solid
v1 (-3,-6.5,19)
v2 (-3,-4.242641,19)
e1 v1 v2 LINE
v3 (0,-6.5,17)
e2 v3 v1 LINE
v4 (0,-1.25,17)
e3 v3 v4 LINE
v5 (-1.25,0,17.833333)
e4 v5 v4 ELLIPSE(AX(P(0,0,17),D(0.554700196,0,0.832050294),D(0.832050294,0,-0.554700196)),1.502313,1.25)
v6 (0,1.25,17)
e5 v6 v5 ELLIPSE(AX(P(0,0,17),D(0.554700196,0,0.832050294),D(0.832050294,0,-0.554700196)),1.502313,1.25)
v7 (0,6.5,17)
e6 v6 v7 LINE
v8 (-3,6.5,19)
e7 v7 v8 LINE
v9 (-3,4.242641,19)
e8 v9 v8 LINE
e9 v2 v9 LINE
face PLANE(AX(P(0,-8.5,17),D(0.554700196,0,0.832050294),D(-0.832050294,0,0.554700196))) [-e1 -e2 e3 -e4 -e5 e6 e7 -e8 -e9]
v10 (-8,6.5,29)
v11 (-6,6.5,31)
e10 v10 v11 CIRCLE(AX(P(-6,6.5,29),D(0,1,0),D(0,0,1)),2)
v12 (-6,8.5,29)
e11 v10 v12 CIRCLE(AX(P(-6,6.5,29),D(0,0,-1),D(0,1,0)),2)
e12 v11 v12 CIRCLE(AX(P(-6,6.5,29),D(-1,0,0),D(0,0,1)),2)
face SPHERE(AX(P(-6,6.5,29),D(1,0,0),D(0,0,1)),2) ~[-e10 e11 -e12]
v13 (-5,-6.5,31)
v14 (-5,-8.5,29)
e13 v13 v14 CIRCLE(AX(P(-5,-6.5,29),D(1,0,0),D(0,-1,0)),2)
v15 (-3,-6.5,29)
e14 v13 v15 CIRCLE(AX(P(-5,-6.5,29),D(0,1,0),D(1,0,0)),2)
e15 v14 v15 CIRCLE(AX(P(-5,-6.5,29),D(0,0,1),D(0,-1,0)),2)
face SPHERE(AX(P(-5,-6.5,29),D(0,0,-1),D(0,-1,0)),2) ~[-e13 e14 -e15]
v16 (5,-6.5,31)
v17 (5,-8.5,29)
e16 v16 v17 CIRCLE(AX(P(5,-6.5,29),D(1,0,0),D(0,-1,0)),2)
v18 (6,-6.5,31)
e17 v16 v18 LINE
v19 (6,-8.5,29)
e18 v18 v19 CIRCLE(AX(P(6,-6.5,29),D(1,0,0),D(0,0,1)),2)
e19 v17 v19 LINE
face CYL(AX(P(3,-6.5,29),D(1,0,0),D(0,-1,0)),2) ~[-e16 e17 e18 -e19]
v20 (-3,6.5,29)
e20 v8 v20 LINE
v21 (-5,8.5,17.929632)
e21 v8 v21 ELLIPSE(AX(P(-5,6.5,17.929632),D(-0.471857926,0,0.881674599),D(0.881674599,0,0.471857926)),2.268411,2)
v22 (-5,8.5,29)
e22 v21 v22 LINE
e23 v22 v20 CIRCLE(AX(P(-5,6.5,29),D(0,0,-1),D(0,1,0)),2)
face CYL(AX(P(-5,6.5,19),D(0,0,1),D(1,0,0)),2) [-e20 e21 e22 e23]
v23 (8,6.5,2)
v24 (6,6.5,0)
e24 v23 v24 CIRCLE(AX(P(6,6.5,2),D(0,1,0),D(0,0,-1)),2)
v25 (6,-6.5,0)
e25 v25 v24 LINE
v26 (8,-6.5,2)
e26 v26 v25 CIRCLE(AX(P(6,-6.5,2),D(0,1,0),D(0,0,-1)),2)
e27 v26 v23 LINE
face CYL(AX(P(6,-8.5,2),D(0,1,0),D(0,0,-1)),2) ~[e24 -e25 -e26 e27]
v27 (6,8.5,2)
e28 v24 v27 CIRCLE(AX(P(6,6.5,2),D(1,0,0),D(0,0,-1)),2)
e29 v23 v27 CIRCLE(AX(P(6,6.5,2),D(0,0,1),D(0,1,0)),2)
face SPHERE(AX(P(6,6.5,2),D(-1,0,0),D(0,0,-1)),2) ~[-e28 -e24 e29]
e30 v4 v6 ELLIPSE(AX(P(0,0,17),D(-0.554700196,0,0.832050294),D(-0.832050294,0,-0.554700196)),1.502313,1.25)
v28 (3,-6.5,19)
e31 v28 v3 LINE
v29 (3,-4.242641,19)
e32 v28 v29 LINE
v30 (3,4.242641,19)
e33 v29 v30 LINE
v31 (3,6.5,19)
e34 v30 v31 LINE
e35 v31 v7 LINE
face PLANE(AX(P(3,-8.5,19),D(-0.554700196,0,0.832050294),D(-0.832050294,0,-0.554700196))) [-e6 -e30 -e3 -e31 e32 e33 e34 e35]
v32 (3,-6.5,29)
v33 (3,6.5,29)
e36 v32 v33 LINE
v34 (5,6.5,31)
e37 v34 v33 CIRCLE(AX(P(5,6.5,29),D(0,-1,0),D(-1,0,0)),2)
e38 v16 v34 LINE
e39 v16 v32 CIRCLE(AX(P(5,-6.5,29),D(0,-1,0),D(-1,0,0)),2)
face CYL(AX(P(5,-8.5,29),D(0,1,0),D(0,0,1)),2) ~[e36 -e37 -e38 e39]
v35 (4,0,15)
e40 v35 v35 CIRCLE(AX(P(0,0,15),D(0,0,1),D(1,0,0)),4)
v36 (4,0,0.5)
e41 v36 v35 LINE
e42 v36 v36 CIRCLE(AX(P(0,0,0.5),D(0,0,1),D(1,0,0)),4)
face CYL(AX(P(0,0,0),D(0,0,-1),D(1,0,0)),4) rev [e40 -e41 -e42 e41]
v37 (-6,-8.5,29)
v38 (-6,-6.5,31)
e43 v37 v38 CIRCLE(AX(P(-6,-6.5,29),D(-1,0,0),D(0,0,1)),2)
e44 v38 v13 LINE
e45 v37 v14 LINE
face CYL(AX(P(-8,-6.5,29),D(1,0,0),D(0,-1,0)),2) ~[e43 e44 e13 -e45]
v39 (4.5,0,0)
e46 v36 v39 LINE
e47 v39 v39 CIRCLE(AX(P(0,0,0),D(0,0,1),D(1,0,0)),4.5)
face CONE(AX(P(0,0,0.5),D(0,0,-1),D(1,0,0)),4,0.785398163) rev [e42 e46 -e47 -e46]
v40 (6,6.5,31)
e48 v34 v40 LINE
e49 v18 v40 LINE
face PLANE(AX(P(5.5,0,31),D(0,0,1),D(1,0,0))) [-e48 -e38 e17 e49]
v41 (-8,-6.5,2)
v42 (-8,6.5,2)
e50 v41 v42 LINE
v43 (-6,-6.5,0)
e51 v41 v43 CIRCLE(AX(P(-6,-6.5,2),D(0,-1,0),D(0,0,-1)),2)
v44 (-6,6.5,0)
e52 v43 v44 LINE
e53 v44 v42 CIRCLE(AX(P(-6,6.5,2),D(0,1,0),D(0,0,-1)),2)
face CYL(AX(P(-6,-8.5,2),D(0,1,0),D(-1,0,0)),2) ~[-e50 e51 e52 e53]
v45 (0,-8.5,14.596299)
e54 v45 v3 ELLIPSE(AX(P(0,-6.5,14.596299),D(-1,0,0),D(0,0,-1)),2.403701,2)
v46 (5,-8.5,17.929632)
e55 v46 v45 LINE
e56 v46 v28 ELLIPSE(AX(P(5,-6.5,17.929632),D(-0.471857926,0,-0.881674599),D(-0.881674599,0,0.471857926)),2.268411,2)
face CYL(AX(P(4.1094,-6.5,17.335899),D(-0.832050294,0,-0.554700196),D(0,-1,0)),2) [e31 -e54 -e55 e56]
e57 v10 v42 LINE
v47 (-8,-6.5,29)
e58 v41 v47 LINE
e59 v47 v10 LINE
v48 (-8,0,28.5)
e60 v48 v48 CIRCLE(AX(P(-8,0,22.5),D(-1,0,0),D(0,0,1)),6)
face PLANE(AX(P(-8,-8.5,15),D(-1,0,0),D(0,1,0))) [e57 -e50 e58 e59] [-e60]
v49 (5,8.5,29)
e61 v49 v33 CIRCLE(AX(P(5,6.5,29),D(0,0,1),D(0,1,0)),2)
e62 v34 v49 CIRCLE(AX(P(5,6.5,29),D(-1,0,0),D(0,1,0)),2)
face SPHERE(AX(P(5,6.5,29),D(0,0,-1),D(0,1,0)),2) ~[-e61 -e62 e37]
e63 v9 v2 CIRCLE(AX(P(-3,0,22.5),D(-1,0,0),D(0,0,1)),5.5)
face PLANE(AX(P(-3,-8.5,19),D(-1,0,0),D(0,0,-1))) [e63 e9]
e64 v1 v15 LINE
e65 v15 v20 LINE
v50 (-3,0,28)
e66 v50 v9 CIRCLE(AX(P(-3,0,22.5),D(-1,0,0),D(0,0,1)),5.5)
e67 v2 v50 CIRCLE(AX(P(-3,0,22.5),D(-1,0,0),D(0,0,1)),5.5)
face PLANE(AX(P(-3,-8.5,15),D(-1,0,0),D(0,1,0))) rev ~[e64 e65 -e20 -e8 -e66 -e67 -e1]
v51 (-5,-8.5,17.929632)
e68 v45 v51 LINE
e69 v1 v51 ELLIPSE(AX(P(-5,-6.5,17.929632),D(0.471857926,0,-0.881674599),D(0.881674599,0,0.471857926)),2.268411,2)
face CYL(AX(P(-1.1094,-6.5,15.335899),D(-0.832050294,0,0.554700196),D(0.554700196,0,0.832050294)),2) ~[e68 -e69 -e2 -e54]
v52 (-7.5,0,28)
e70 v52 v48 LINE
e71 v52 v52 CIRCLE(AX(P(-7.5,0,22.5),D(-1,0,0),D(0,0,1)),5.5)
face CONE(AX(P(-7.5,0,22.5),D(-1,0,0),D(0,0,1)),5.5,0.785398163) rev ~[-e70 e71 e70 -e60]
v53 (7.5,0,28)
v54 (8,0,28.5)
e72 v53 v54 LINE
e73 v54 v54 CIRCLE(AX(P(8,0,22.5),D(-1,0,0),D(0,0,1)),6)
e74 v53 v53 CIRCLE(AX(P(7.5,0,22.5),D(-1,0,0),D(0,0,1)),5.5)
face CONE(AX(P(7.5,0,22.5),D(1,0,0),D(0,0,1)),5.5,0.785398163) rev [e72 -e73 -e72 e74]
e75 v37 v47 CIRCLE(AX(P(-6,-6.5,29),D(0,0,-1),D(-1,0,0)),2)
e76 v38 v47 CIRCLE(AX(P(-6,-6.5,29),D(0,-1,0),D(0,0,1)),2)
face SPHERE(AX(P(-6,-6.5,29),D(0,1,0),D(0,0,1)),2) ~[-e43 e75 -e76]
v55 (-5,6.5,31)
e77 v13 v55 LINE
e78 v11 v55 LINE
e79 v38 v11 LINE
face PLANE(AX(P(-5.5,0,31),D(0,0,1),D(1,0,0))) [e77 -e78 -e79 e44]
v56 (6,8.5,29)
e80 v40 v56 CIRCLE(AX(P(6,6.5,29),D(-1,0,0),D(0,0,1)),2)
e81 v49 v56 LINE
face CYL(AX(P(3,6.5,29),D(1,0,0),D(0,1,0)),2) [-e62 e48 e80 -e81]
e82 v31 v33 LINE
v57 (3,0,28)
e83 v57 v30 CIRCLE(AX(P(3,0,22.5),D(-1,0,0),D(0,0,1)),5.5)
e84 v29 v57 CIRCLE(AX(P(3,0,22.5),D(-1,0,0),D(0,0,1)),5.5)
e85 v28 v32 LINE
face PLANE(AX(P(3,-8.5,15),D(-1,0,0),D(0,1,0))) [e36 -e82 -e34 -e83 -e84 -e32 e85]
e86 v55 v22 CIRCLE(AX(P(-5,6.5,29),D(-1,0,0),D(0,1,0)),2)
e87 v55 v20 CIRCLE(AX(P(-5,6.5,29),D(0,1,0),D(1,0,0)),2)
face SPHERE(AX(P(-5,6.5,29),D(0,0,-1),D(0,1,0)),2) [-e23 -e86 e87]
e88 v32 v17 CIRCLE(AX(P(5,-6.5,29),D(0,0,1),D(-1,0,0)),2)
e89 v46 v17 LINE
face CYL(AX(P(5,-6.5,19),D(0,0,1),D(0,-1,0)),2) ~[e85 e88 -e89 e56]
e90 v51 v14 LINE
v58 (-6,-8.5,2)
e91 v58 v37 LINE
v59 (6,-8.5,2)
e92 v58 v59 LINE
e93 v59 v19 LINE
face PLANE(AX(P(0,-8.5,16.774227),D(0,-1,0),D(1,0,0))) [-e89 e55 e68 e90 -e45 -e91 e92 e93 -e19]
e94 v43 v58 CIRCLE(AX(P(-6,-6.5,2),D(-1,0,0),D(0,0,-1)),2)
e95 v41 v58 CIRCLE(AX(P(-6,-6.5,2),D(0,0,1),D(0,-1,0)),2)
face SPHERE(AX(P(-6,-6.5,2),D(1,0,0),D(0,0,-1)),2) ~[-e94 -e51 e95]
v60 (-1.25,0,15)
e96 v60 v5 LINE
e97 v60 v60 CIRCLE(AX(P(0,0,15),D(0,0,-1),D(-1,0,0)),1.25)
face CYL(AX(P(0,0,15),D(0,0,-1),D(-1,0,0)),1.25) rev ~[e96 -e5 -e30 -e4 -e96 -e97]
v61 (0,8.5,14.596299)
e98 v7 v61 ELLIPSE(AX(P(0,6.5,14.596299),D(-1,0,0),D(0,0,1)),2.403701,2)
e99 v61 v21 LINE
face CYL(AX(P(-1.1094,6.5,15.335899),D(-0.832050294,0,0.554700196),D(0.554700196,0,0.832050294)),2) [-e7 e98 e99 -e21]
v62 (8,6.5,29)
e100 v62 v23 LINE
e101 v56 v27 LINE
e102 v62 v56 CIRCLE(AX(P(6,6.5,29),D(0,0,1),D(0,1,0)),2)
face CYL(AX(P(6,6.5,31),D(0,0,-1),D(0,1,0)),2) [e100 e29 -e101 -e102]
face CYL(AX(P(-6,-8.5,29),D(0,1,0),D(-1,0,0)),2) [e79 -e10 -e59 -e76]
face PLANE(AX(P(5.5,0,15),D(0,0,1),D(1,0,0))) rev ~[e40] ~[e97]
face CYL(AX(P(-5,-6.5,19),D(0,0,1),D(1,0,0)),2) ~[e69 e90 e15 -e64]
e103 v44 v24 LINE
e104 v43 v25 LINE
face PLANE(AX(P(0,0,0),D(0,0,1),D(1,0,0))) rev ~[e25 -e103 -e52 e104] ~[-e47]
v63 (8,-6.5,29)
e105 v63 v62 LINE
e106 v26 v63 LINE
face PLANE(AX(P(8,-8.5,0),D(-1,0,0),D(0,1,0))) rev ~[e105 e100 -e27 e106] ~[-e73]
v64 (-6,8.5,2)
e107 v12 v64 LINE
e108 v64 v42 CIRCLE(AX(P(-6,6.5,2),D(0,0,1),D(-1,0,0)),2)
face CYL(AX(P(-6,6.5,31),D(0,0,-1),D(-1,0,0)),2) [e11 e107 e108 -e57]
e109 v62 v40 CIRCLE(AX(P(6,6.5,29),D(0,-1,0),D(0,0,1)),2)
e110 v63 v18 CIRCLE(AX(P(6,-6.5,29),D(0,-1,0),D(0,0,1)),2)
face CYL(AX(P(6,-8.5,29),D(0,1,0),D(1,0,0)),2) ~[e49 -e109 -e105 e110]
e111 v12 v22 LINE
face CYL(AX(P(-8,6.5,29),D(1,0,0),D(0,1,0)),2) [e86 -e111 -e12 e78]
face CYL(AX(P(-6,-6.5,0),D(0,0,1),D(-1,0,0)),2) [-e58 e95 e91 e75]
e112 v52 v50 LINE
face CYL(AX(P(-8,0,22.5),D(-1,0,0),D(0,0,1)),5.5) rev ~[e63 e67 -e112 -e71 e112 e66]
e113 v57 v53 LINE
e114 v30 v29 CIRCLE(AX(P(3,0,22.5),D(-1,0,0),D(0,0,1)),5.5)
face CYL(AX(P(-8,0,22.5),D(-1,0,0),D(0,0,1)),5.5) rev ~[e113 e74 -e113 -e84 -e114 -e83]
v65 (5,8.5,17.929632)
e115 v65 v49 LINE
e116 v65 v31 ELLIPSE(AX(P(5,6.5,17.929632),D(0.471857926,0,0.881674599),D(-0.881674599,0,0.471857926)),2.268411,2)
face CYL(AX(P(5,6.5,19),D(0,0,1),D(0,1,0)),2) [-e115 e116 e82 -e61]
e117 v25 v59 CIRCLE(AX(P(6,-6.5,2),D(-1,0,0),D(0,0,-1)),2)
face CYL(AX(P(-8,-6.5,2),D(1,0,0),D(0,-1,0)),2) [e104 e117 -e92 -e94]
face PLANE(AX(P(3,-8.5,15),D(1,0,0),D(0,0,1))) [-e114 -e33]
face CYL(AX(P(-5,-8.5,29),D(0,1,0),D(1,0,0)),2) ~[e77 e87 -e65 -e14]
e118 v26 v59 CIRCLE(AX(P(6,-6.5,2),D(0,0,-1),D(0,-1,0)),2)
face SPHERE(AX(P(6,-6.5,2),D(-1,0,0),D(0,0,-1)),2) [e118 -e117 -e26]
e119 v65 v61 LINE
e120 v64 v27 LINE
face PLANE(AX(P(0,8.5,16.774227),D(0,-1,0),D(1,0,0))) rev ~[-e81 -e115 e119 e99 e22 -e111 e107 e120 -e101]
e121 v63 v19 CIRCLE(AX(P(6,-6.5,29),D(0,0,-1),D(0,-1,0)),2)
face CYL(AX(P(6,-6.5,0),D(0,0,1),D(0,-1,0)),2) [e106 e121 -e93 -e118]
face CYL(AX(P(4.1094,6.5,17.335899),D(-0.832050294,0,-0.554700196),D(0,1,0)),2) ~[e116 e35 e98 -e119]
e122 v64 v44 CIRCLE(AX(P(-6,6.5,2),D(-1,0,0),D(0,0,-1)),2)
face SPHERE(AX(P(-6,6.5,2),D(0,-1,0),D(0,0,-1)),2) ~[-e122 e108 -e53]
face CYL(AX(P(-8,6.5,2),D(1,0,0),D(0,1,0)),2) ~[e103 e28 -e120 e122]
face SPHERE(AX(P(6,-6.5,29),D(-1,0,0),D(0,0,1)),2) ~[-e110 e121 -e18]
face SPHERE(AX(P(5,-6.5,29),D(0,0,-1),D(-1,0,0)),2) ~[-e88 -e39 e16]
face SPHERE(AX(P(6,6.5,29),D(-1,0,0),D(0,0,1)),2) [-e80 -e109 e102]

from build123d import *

# Parameters (mm, degrees)
SKETCH1_W           = 16
SKETCH1_H           = 17
SKETCH1_R           = 4
BOSS_EXTRUDE1_DEPTH = 15
SKETCH2_W           = 5
SKETCH2_H           = 17
BOSS_EXTRUDE2_DEPTH = 16
SKETCH3_R           = 5.5
CUT_EXTRUDE3_DEPTH  = 16
BOSS_EXTRUDE5_DEPTH = 17
SKETCH5_R           = 1.25
CUT_EXTRUDE4_DEPTH  = 17
FILLET1_R           = 2
CHAMFER1_SIZE       = 0.5


with BuildPart() as part:
    # Sketch1 → Boss-Extrude1 (new body)
    with BuildSketch(Plane.XY):
        Rectangle(SKETCH1_W, SKETCH1_H)
        Circle(SKETCH1_R, mode=Mode.SUBTRACT)
    extrude(amount=BOSS_EXTRUDE1_DEPTH)

    # Sketch2 → Boss-Extrude2 (add)
    with BuildSketch(Plane.XY.offset(15)):
        with Locations((-5.5, 0)):
            Rectangle(SKETCH2_W, SKETCH2_H)
        with Locations((5.5, 0)):
            Rectangle(SKETCH2_W, SKETCH2_H)
    extrude(amount=BOSS_EXTRUDE2_DEPTH)

    # Sketch3 → Cut-Extrude3 (cut)
    with BuildSketch(Plane.ZY.offset(8)):
        with Locations((22.5, 0)):
            Circle(SKETCH3_R)
    extrude(amount=-CUT_EXTRUDE3_DEPTH, mode=Mode.SUBTRACT)

    # Sketch4 → Boss-Extrude5 (add, through all)
    with BuildSketch(Plane.XZ.offset(8.5)):
        Polygon((-3, 19), (-3, 15), (0, 15), (3, 15), (3, 19), (0, 17), align=None)
    extrude(amount=-BOSS_EXTRUDE5_DEPTH)

    # Sketch5 → Cut-Extrude4 (cut, through all)
    with BuildSketch(Plane(origin=(0, 0, 15), x_dir=(-1, 0, 0), z_dir=(0, 0, -1))):
        Circle(SKETCH5_R)
    extrude(amount=-CUT_EXTRUDE4_DEPTH, mode=Mode.SUBTRACT)

    # Fillet1
    fillet1_edges = [part.edges().sort_by_distance(p)[0] for p in [
        (-3, 8.5, 25),
        (-3, -8.5, 25),
        (-5.5, 8.5, 31),
        (-8, 0, 31),
        (-5.5, -8.5, 31),
        (-3, 0, 31),
        (3, 8.5, 25),
        (3, -8.5, 25),
        (5.5, 8.5, 31),
        (3, 0, 31),
        (5.5, -8.5, 31),
        (8, 0, 31),
        (0, -8.5, 0),
        (-8, 0, 0),
        (0, 8.5, 0),
        (8, 0, 0),
        (-1.5, 8.5, 18),
        (1.5, 8.5, 18),
        (1.5, -8.5, 18),
        (-1.5, -8.5, 18),
        (8, -8.5, 15.5),
        (-8, -8.5, 15.5),
        (-8, 8.5, 15.5),
        (8, 8.5, 15.5),
    ]]
    fillet(fillet1_edges, radius=FILLET1_R)

    # Chamfer1
    chamfer1_edges = [part.edges().sort_by_distance(p)[0] for p in [
        (-4, 0, 0),
        (8, 0, 17),
        (-8, 0, 17),
    ]]
    chamfer(chamfer1_edges, length=CHAMFER1_SIZE)


solid = part.part
